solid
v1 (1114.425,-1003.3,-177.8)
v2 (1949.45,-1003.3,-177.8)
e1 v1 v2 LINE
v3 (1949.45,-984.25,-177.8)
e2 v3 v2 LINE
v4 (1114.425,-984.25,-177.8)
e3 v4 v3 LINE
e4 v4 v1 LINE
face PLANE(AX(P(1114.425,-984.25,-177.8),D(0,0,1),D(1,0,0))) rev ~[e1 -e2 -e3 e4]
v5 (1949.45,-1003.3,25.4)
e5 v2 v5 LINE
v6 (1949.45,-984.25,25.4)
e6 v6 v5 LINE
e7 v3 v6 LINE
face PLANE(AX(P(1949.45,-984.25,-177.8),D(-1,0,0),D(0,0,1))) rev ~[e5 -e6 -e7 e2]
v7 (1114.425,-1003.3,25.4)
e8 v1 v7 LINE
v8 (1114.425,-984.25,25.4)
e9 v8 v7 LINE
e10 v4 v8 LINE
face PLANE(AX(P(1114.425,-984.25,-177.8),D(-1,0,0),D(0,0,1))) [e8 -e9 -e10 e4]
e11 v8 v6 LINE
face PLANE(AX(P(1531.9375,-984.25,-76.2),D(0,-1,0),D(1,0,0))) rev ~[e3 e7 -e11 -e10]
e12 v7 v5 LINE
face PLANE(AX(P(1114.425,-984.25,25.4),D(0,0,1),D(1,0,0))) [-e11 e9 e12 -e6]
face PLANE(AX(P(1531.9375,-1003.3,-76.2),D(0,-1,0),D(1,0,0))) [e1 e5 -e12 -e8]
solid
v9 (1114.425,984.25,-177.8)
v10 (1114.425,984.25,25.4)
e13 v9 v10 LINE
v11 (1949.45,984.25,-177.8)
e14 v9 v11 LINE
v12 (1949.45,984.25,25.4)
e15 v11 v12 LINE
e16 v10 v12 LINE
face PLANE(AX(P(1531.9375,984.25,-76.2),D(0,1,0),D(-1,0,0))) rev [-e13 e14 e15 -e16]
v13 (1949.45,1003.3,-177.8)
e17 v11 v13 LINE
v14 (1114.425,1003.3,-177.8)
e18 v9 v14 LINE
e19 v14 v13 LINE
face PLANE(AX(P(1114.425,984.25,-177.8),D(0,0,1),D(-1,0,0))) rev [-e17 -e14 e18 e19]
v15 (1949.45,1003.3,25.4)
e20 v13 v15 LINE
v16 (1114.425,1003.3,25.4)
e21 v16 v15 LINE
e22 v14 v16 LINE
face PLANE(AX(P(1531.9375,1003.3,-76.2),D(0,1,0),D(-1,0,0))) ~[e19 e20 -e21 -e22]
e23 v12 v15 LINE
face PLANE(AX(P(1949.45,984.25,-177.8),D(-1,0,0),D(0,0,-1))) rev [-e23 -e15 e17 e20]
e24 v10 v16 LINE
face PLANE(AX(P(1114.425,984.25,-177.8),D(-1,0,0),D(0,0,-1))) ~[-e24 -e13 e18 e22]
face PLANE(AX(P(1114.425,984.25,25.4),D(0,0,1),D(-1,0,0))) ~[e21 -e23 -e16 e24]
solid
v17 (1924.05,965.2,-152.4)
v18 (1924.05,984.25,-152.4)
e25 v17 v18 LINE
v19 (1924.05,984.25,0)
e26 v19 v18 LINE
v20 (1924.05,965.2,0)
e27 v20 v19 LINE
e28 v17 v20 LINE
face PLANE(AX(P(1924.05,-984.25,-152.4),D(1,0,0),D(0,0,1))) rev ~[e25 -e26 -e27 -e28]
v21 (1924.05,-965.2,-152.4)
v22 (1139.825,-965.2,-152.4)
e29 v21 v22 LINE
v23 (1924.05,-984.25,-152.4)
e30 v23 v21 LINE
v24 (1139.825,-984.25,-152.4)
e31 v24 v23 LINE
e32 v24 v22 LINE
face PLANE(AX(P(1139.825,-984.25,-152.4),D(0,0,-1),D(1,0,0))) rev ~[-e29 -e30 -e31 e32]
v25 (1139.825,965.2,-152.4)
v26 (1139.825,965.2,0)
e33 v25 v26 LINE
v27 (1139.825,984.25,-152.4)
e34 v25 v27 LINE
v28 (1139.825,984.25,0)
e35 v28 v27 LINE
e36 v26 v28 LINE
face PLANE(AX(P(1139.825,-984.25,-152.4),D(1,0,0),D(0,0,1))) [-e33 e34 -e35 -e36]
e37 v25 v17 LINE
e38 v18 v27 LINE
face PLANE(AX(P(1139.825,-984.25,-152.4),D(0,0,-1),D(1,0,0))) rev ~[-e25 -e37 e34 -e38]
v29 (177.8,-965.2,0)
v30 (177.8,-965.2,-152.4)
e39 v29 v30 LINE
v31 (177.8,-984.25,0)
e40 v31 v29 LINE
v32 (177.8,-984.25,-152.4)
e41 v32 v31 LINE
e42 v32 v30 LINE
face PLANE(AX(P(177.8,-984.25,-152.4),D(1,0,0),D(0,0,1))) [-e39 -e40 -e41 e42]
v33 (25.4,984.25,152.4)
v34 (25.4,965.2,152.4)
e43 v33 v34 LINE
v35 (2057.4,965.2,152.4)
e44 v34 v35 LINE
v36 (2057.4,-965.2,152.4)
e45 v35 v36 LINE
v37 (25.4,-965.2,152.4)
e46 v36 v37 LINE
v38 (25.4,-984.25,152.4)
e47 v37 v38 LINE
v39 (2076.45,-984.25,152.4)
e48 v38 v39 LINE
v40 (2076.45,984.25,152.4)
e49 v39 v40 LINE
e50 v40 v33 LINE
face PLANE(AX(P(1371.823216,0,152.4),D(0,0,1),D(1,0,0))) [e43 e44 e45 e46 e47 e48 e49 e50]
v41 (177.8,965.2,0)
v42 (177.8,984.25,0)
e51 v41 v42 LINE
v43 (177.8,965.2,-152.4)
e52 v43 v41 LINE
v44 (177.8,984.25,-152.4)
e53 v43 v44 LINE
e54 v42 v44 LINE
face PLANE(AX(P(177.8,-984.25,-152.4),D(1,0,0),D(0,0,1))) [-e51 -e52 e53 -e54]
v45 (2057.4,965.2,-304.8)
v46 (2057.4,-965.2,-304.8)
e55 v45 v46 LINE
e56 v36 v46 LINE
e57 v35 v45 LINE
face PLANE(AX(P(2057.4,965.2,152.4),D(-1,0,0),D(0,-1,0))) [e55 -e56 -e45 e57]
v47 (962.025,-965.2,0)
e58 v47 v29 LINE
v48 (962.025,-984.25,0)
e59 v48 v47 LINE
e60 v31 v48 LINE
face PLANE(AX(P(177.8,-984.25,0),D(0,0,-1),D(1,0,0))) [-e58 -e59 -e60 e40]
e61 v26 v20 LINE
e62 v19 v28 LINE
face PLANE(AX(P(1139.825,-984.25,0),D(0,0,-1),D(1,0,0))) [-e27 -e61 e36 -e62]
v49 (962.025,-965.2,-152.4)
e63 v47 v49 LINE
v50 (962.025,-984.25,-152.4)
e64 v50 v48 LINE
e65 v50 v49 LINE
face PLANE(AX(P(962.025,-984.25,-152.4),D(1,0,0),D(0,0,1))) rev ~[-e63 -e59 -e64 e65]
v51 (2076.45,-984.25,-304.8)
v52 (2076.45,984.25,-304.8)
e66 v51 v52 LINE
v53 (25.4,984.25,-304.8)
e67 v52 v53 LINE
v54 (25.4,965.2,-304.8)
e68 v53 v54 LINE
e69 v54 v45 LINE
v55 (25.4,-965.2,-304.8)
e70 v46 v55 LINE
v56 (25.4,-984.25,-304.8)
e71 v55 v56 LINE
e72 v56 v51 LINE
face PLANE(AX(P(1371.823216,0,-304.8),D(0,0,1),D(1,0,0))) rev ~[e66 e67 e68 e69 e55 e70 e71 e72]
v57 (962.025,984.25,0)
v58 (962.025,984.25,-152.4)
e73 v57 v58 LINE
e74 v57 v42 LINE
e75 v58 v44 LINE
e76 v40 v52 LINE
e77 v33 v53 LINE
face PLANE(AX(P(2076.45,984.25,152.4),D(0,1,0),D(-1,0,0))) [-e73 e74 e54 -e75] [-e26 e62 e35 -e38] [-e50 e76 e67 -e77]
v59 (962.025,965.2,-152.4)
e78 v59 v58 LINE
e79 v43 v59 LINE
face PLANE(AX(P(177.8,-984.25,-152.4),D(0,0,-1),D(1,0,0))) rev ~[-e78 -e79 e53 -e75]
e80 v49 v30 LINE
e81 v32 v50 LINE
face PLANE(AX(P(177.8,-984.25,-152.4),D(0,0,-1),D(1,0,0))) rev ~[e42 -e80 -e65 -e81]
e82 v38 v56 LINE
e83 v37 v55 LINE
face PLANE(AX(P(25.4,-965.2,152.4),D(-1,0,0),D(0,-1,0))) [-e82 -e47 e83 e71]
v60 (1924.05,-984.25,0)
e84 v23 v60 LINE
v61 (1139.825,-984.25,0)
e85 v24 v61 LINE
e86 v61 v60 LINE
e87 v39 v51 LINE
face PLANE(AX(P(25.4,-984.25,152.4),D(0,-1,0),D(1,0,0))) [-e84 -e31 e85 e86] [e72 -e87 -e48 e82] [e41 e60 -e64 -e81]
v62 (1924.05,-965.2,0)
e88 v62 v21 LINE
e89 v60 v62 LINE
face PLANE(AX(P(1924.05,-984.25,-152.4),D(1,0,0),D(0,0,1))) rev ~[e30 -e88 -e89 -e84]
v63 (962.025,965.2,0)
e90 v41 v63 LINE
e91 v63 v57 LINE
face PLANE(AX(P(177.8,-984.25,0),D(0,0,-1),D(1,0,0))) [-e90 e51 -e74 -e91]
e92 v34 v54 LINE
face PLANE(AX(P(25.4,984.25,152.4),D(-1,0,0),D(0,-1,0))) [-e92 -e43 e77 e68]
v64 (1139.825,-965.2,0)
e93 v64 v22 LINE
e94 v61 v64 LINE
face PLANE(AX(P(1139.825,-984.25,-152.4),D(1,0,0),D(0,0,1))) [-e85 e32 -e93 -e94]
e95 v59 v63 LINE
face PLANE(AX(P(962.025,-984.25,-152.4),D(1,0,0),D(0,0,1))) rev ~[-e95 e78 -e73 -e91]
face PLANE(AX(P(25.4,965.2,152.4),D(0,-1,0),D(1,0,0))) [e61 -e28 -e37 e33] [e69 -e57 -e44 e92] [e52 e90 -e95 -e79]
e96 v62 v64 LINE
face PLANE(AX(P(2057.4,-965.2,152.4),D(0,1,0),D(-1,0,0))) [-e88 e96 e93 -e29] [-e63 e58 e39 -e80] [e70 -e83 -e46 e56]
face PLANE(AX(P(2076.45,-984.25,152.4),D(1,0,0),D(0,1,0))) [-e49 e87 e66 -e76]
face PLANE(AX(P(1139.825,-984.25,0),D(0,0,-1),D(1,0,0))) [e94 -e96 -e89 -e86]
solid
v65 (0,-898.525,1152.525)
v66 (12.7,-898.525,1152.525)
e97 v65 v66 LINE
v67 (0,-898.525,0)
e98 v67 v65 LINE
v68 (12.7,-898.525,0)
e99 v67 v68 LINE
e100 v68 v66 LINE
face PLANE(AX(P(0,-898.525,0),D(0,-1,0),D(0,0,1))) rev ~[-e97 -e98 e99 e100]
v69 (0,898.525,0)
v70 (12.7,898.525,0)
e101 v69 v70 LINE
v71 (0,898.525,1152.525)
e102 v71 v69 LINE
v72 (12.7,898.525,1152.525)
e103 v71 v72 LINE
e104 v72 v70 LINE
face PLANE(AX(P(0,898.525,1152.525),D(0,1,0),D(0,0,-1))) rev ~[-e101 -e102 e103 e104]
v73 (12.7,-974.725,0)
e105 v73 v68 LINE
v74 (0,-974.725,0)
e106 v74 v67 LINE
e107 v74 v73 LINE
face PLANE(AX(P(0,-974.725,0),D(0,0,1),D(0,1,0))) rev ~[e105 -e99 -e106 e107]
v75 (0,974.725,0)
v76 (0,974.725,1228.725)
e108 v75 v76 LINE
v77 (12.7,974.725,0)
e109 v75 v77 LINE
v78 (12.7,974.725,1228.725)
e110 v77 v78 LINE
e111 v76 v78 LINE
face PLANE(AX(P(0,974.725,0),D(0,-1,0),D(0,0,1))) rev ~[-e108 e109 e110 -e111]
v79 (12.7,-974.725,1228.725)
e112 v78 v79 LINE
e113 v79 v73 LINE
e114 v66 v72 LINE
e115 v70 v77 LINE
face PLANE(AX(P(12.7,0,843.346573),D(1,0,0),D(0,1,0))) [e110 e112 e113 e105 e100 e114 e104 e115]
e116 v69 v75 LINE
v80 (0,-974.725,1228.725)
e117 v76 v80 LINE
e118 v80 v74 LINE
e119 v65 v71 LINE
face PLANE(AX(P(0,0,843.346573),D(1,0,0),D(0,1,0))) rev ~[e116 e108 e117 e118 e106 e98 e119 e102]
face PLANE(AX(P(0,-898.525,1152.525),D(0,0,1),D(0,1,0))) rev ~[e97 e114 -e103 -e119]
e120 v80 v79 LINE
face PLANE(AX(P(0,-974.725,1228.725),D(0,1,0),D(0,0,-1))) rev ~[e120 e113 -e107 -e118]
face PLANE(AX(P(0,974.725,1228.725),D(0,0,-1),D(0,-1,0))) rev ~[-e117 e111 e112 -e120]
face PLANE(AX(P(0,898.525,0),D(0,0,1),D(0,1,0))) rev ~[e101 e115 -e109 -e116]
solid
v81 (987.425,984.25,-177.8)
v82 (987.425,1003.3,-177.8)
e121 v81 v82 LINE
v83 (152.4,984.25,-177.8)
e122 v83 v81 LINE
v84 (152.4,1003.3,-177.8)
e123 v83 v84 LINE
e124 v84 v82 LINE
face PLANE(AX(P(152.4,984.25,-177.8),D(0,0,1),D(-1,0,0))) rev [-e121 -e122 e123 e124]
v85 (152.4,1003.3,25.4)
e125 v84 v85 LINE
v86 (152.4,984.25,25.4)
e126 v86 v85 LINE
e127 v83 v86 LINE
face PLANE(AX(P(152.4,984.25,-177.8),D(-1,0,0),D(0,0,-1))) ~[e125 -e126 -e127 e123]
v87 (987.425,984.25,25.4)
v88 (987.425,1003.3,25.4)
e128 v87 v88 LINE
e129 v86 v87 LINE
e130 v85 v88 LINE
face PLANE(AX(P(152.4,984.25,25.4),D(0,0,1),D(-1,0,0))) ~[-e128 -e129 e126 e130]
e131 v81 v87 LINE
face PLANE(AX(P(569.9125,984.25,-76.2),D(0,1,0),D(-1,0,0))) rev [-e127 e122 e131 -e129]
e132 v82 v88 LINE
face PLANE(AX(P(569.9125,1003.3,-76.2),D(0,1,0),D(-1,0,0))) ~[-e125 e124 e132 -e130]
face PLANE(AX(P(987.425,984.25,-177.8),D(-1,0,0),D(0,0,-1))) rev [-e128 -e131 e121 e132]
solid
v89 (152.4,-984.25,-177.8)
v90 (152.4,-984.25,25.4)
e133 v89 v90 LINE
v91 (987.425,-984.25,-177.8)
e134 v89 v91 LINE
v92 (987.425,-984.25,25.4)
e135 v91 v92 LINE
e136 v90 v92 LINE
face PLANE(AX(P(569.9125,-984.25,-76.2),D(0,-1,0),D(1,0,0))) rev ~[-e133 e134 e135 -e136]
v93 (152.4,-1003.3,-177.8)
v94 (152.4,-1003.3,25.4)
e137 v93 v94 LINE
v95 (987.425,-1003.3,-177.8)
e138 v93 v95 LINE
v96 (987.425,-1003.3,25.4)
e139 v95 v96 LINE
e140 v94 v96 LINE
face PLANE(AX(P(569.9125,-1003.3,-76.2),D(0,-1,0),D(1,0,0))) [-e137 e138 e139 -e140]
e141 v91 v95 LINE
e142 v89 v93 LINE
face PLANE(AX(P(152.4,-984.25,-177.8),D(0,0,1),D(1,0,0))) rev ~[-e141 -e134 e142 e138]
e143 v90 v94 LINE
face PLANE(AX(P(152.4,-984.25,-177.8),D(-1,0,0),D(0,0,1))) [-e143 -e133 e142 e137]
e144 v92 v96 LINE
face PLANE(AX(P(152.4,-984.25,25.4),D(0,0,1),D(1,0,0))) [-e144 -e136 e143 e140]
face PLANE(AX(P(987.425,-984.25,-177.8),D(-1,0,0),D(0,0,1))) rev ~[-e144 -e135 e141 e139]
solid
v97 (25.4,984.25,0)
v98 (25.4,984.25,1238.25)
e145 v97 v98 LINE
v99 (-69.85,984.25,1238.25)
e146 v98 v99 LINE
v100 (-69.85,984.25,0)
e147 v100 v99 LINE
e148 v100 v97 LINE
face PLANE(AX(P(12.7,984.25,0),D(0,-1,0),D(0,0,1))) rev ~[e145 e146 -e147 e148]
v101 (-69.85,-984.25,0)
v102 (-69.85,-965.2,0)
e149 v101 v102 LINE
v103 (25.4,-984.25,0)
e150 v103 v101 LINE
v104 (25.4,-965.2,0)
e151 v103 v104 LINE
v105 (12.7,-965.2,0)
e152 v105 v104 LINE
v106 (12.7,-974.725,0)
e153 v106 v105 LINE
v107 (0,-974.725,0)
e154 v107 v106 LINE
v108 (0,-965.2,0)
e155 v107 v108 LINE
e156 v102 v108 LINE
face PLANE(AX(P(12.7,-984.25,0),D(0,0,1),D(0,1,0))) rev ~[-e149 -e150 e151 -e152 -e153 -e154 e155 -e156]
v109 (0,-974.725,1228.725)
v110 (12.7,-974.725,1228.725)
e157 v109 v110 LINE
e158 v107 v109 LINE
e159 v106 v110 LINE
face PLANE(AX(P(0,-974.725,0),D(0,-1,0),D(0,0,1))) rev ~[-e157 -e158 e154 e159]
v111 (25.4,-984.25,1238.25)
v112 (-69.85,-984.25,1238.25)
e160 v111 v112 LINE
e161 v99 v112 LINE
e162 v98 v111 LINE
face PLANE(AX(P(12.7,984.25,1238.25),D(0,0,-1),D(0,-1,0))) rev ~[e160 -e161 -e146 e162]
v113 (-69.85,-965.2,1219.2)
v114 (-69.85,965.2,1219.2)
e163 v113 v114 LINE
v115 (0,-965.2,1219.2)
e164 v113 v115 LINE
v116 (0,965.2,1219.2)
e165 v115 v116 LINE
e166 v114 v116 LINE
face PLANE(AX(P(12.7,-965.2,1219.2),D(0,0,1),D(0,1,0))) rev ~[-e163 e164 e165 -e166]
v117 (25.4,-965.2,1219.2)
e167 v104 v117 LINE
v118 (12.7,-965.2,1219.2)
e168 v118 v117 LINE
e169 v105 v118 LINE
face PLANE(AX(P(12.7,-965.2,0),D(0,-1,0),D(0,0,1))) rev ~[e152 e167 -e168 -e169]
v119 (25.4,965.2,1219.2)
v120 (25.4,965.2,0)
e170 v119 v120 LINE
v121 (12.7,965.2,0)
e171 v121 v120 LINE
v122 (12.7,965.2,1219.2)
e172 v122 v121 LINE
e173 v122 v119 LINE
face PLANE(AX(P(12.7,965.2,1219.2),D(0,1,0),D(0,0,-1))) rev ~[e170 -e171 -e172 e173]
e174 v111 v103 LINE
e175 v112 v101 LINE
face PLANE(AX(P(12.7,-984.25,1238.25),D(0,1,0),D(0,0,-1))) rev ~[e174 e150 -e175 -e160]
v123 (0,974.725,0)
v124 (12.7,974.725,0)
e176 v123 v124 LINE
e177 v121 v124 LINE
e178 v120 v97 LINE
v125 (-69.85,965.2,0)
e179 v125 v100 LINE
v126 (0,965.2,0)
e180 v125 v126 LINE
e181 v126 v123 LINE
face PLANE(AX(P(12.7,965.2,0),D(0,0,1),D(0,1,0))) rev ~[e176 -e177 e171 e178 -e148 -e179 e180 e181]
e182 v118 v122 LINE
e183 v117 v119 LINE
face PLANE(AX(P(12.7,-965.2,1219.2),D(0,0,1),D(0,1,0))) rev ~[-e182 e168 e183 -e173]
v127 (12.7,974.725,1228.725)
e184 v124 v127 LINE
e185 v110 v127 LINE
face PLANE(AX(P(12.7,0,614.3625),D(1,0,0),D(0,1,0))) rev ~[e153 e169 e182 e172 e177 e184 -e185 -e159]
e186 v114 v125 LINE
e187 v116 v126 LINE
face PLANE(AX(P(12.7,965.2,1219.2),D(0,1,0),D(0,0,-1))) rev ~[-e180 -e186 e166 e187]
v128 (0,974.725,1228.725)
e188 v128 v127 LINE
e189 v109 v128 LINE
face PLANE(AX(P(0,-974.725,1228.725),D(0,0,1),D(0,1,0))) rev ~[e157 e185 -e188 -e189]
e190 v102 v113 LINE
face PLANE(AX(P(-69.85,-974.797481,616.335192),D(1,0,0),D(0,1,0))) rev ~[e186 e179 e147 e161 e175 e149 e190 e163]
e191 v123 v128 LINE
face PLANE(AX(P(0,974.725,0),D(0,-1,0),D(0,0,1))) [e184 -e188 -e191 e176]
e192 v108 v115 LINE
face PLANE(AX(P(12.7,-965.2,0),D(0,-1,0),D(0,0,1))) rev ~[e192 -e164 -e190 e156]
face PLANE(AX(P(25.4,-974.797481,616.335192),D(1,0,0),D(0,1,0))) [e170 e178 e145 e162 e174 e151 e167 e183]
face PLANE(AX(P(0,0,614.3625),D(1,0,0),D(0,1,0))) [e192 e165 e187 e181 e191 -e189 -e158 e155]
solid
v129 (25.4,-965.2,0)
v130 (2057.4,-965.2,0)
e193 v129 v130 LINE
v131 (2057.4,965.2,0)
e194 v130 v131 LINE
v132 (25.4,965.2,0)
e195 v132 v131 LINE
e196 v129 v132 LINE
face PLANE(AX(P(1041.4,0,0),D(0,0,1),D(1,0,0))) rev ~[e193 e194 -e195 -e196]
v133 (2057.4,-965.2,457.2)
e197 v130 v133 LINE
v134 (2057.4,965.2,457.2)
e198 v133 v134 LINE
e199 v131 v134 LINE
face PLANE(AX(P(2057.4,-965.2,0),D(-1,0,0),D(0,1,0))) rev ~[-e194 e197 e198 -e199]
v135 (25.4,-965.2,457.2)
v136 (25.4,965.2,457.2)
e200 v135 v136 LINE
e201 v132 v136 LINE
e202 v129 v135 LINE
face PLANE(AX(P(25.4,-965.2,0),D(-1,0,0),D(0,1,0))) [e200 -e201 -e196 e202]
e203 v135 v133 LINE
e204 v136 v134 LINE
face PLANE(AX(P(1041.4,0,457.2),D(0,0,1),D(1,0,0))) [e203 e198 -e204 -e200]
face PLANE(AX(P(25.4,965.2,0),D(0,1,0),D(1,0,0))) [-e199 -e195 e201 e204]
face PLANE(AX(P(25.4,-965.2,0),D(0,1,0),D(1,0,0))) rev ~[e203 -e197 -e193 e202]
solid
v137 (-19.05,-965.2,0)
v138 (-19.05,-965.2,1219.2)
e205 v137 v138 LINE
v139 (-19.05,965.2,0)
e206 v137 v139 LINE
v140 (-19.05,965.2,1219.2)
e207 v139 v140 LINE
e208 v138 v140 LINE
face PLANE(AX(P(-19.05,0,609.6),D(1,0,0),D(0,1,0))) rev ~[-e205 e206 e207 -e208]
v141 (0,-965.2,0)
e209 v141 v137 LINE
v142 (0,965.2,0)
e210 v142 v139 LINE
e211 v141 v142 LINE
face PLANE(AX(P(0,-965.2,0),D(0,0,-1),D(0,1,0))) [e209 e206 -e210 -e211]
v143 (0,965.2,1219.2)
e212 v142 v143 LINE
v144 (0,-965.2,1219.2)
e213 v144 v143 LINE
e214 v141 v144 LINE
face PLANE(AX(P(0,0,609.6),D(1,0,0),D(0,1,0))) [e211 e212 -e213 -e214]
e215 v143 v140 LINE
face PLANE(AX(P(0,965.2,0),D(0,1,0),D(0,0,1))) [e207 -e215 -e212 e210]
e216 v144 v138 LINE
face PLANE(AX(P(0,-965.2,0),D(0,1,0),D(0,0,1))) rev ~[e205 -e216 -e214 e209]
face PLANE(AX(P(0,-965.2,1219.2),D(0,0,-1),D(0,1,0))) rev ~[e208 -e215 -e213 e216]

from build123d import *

# Parameters (mm, degrees)
F0_W          = 1930.4
F0_H          = 1219.2
F1_DEPTH      = 19.05
F4_DEPTH      = 82.55
F4_DEPTH_BACK = 12.7
F5_W          = 1949.45
F5_H          = 1228.725
F6_DEPTH      = 12.7
F8_DEPTH      = 12.7
F9_W          = 2032
F9_H          = 1930.4
F10_DEPTH     = 457.2
F13_DEPTH     = 457.2
F14_W         = 784.225
F14_H         = 152.4
F15_DEPTH     = 2540
F16_W         = 835.025
F16_H         = 203.2
F17_DEPTH     = 19.05


with BuildPart() as f1:
    # F0 (on Right) → F1 (new body)
    with BuildSketch(Plane.YZ):
        with Locations((0, 609.6)):
            Rectangle(F0_W, F0_H)
    extrude(amount=-F1_DEPTH)


with BuildPart() as f4:
    # F3 (on offset) → F4 (new body, two sides)
    with BuildSketch(Plane.YZ.offset(12.7)) as f4_sk:
        Polygon((-984.25, 0), (-965.2, 0), (-965.2, 1219.2), (-984.25, 1238.25), align=None)
        Polygon((-984.25, 1238.25), (-965.2, 1219.2), (965.2, 1219.2), (984.25, 1238.25), align=None)
        Polygon((984.25, 1238.25), (965.2, 1219.2), (965.2, 0), (984.25, 0), align=None)
    extrude(amount=-F4_DEPTH)
    extrude(f4_sk.sketch, amount=F4_DEPTH_BACK)

    # F5 (on face) → F6 (cut)
    with BuildSketch(Plane.YZ):
        with Locations((0, 614.3625)):
            Rectangle(F5_W, F5_H)
    extrude(amount=F6_DEPTH, mode=Mode.SUBTRACT)


with BuildPart() as f8:
    # F7 (on face) → F8 (new body)
    with BuildSketch(Plane.YZ):
        Polygon((-974.725, 1228.725), (-974.725, 0), (-898.525, 0), (-898.525, 1152.525), (898.525, 1152.525), (898.525, 0), (974.725, 0), (974.725, 1228.725), align=None)
    extrude(amount=F8_DEPTH)


with BuildPart() as f10:
    # F9 (on Top) → F10 (new body)
    with BuildSketch(Plane.XY):
        with Locations((1041.4, 0)):
            Rectangle(F9_W, F9_H)
    extrude(amount=F10_DEPTH)


with BuildPart() as f13:
    # F12 (on offset) → F13 (new body)
    with BuildSketch(Plane.XY.offset(152.4)):
        Polygon((25.4, -965.2), (25.4, -984.25), (2076.45, -984.25), (2076.45, 984.25), (25.4, 984.25), (25.4, 965.2), (2057.4, 965.2), (2057.4, -965.2), align=None)
    extrude(amount=-F13_DEPTH)

    # F14 (on face) → F15 (cut)
    with BuildSketch(Plane.XZ.offset(984.25)):
        with Locations((569.9125, -76.2)):
            Rectangle(F14_W, F14_H)
        with Locations((1531.9375, -76.2)):
            Rectangle(F14_W, F14_H)
    extrude(amount=-F15_DEPTH, mode=Mode.SUBTRACT)


with BuildPart() as f17:
    # F16 (on face) → F17 (new body)
    with BuildSketch(Plane.XZ.offset(984.25)):
        with Locations((569.9125, -76.2)):
            Rectangle(F16_W, F16_H)
    extrude(amount=F17_DEPTH)


with BuildPart() as f17b:
    # F16 (on face) → F17, piece 2 (new body)
    with BuildSketch(Plane.XZ.offset(984.25)):
        with Locations((1531.9375, -76.2)):
            Rectangle(F16_W, F16_H)
    extrude(amount=F17_DEPTH)


with BuildPart() as f18_1:
    # F18: instance of F17
    add(f17.part.mirror(Plane.XZ))


with BuildPart() as f18_2:
    # F18: instance of F17b
    add(f17b.part.mirror(Plane.XZ))


solid = Compound([f1.part, f4.part, f8.part, f10.part, f13.part, f17.part, f17b.part, f18_1.part, f18_2.part])
